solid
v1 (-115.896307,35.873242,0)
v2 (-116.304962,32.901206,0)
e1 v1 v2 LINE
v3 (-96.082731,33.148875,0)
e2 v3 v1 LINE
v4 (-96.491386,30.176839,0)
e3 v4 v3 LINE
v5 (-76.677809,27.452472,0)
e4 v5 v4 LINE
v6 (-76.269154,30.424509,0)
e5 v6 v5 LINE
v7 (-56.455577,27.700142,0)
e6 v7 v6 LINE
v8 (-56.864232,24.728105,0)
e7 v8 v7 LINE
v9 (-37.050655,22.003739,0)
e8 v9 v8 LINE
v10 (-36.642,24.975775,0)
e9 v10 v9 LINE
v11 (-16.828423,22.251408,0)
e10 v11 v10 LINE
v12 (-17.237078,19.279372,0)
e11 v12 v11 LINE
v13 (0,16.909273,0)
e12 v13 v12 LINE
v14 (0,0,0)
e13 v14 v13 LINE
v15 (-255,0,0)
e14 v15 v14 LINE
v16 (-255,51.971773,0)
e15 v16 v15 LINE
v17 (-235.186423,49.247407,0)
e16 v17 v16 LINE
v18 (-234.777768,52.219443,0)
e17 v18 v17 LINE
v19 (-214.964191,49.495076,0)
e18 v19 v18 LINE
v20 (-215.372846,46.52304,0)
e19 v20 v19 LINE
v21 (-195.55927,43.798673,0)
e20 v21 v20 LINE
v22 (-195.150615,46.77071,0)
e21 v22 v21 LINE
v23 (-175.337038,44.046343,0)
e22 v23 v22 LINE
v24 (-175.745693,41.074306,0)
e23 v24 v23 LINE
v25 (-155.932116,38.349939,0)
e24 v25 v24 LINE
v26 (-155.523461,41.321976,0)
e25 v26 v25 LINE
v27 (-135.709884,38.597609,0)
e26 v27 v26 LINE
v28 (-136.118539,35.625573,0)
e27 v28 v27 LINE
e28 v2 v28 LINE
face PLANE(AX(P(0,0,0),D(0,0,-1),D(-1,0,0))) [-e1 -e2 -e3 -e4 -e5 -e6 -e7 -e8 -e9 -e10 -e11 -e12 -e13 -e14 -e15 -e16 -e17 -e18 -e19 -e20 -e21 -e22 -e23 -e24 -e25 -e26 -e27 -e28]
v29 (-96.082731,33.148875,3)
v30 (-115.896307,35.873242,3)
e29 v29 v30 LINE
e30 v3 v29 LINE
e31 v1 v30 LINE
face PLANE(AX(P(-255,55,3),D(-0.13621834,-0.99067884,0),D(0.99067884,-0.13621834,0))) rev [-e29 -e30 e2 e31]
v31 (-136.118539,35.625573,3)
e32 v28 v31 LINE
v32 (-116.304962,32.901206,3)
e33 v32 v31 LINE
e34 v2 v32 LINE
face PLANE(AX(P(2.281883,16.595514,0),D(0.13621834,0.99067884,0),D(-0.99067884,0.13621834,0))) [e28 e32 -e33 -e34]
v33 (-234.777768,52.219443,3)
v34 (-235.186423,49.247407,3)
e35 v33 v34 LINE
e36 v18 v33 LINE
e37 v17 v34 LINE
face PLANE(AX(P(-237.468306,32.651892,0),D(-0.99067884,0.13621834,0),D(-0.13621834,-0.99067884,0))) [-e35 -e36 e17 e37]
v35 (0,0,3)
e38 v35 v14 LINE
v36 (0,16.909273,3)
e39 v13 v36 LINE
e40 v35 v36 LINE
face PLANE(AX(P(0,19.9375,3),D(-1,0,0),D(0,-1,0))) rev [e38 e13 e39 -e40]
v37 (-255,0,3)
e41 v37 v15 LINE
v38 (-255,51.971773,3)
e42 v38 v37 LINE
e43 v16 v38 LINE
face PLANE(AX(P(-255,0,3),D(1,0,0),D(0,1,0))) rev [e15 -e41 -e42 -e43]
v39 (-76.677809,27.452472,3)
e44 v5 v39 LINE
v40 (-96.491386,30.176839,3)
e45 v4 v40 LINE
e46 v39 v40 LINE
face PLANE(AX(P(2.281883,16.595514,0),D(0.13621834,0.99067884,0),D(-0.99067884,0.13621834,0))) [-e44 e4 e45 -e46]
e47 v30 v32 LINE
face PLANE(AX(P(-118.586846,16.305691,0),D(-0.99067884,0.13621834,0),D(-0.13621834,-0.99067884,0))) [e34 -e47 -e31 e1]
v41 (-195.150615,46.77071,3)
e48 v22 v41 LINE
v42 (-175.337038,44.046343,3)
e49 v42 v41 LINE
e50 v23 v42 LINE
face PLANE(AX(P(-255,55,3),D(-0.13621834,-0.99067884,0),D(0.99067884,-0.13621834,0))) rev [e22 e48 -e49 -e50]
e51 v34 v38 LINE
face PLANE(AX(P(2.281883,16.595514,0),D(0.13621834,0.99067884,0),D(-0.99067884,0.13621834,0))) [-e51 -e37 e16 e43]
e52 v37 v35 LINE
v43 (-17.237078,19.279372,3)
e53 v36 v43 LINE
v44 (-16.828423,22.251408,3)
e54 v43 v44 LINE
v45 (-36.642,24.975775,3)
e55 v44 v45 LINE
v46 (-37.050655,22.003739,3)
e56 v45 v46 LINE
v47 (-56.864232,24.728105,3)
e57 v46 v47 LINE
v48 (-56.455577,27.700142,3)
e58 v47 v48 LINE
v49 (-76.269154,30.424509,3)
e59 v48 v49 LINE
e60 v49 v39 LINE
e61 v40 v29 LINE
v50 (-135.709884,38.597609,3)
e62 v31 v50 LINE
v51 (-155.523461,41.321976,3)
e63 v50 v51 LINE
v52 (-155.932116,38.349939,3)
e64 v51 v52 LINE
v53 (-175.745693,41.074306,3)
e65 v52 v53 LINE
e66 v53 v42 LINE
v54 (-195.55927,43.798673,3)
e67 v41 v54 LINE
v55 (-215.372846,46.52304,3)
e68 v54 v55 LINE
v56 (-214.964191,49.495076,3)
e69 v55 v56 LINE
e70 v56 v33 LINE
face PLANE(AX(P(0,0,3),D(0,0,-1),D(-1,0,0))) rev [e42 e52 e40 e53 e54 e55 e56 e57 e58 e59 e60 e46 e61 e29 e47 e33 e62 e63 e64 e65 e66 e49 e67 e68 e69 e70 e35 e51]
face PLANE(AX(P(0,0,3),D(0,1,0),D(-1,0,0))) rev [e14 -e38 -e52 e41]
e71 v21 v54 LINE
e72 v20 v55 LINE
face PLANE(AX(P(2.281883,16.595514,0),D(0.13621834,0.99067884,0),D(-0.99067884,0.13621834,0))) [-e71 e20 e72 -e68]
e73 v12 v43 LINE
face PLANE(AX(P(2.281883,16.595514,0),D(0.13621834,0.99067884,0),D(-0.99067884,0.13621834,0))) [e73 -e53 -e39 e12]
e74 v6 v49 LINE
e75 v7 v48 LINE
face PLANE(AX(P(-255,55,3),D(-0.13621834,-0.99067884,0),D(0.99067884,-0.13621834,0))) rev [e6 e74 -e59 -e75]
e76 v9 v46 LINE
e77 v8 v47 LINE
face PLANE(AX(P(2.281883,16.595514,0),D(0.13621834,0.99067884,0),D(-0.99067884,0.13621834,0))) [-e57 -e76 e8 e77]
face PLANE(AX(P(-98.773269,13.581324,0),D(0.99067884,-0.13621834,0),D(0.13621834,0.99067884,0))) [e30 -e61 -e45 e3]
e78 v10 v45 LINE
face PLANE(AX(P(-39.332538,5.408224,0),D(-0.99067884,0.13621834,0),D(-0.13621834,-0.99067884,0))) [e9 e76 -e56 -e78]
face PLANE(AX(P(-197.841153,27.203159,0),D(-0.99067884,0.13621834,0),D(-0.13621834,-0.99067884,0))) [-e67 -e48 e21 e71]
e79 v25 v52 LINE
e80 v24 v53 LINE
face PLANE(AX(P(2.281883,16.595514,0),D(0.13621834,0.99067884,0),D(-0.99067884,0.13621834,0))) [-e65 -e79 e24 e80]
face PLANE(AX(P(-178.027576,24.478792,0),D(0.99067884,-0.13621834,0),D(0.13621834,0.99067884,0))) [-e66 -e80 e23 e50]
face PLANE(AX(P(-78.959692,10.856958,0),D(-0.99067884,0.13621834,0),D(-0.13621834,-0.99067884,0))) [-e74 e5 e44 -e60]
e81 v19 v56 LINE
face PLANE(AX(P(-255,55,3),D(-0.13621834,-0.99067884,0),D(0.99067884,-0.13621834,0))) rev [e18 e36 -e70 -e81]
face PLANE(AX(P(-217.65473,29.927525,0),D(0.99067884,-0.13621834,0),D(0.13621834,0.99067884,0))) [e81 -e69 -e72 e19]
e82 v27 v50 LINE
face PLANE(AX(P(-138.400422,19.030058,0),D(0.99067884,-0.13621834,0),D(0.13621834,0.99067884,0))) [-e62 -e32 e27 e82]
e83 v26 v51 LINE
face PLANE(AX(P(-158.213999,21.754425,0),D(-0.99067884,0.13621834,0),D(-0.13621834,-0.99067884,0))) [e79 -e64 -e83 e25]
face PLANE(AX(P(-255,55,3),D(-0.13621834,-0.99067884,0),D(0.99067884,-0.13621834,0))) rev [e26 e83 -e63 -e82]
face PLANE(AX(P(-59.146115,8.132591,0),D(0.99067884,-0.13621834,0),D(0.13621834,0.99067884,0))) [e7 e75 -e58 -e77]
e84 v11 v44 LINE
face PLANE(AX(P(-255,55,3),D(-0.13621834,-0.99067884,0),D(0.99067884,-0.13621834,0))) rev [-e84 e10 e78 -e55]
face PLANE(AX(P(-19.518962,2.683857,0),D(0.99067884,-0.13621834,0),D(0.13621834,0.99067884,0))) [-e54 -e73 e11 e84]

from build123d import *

# Parameters (mm, degrees)
BOSS_EXTRU_1_DEPTH      = 3
ENL_V_MAT_EXTRU_1_DEPTH = 4


with BuildPart() as part:
    # Esquisse1 → Boss.-Extru.1 (new body)
    with BuildSketch(Plane.XY):
        Polygon((0, 0), (-255, 0), (-255, 55), (0, 19.9375), align=None)
    extrude(amount=BOSS_EXTRU_1_DEPTH)

    # Esquisse2 → Enlèv. mat.-Extru.1 (cut, through all)
    with BuildSketch(Plane.XY.offset(3)):
        Polygon((-235.186423203, 49.247406605), (-234.777768182, 52.219443125), (-255, 55), (-255, 51.971773415), align=None)
        Polygon((-195.150614588, 46.770709506), (-214.964191385, 49.495076315), (-215.372846406, 46.523039796), (-195.559269609, 43.798672986), align=None)
        Polygon((-155.523460994, 41.321975887), (-175.337037791, 44.046342696), (-175.745692812, 41.074306177), (-155.932116015, 38.349939367), align=None)
        Polygon((-115.8963074, 35.873242268), (-135.709884197, 38.597609077), (-136.118539219, 35.625572558), (-116.304962422, 32.901205748), align=None)
        Polygon((-76.269153806, 30.424508648), (-96.082730603, 33.148875458), (-96.491385625, 30.176838938), (-76.677808828, 27.452472129), align=None)
        Polygon((-36.642000213, 24.975775029), (-56.45557701, 27.700141839), (-56.864232031, 24.728105319), (-37.050655234, 22.00373851), align=None)
        Polygon((0, 19.9375), (-16.828423416, 22.25140822), (-17.237078437, 19.2793717), (0, 16.909273415), align=None)
    extrude(amount=-ENL_V_MAT_EXTRU_1_DEPTH, mode=Mode.SUBTRACT)


solid = part.part
